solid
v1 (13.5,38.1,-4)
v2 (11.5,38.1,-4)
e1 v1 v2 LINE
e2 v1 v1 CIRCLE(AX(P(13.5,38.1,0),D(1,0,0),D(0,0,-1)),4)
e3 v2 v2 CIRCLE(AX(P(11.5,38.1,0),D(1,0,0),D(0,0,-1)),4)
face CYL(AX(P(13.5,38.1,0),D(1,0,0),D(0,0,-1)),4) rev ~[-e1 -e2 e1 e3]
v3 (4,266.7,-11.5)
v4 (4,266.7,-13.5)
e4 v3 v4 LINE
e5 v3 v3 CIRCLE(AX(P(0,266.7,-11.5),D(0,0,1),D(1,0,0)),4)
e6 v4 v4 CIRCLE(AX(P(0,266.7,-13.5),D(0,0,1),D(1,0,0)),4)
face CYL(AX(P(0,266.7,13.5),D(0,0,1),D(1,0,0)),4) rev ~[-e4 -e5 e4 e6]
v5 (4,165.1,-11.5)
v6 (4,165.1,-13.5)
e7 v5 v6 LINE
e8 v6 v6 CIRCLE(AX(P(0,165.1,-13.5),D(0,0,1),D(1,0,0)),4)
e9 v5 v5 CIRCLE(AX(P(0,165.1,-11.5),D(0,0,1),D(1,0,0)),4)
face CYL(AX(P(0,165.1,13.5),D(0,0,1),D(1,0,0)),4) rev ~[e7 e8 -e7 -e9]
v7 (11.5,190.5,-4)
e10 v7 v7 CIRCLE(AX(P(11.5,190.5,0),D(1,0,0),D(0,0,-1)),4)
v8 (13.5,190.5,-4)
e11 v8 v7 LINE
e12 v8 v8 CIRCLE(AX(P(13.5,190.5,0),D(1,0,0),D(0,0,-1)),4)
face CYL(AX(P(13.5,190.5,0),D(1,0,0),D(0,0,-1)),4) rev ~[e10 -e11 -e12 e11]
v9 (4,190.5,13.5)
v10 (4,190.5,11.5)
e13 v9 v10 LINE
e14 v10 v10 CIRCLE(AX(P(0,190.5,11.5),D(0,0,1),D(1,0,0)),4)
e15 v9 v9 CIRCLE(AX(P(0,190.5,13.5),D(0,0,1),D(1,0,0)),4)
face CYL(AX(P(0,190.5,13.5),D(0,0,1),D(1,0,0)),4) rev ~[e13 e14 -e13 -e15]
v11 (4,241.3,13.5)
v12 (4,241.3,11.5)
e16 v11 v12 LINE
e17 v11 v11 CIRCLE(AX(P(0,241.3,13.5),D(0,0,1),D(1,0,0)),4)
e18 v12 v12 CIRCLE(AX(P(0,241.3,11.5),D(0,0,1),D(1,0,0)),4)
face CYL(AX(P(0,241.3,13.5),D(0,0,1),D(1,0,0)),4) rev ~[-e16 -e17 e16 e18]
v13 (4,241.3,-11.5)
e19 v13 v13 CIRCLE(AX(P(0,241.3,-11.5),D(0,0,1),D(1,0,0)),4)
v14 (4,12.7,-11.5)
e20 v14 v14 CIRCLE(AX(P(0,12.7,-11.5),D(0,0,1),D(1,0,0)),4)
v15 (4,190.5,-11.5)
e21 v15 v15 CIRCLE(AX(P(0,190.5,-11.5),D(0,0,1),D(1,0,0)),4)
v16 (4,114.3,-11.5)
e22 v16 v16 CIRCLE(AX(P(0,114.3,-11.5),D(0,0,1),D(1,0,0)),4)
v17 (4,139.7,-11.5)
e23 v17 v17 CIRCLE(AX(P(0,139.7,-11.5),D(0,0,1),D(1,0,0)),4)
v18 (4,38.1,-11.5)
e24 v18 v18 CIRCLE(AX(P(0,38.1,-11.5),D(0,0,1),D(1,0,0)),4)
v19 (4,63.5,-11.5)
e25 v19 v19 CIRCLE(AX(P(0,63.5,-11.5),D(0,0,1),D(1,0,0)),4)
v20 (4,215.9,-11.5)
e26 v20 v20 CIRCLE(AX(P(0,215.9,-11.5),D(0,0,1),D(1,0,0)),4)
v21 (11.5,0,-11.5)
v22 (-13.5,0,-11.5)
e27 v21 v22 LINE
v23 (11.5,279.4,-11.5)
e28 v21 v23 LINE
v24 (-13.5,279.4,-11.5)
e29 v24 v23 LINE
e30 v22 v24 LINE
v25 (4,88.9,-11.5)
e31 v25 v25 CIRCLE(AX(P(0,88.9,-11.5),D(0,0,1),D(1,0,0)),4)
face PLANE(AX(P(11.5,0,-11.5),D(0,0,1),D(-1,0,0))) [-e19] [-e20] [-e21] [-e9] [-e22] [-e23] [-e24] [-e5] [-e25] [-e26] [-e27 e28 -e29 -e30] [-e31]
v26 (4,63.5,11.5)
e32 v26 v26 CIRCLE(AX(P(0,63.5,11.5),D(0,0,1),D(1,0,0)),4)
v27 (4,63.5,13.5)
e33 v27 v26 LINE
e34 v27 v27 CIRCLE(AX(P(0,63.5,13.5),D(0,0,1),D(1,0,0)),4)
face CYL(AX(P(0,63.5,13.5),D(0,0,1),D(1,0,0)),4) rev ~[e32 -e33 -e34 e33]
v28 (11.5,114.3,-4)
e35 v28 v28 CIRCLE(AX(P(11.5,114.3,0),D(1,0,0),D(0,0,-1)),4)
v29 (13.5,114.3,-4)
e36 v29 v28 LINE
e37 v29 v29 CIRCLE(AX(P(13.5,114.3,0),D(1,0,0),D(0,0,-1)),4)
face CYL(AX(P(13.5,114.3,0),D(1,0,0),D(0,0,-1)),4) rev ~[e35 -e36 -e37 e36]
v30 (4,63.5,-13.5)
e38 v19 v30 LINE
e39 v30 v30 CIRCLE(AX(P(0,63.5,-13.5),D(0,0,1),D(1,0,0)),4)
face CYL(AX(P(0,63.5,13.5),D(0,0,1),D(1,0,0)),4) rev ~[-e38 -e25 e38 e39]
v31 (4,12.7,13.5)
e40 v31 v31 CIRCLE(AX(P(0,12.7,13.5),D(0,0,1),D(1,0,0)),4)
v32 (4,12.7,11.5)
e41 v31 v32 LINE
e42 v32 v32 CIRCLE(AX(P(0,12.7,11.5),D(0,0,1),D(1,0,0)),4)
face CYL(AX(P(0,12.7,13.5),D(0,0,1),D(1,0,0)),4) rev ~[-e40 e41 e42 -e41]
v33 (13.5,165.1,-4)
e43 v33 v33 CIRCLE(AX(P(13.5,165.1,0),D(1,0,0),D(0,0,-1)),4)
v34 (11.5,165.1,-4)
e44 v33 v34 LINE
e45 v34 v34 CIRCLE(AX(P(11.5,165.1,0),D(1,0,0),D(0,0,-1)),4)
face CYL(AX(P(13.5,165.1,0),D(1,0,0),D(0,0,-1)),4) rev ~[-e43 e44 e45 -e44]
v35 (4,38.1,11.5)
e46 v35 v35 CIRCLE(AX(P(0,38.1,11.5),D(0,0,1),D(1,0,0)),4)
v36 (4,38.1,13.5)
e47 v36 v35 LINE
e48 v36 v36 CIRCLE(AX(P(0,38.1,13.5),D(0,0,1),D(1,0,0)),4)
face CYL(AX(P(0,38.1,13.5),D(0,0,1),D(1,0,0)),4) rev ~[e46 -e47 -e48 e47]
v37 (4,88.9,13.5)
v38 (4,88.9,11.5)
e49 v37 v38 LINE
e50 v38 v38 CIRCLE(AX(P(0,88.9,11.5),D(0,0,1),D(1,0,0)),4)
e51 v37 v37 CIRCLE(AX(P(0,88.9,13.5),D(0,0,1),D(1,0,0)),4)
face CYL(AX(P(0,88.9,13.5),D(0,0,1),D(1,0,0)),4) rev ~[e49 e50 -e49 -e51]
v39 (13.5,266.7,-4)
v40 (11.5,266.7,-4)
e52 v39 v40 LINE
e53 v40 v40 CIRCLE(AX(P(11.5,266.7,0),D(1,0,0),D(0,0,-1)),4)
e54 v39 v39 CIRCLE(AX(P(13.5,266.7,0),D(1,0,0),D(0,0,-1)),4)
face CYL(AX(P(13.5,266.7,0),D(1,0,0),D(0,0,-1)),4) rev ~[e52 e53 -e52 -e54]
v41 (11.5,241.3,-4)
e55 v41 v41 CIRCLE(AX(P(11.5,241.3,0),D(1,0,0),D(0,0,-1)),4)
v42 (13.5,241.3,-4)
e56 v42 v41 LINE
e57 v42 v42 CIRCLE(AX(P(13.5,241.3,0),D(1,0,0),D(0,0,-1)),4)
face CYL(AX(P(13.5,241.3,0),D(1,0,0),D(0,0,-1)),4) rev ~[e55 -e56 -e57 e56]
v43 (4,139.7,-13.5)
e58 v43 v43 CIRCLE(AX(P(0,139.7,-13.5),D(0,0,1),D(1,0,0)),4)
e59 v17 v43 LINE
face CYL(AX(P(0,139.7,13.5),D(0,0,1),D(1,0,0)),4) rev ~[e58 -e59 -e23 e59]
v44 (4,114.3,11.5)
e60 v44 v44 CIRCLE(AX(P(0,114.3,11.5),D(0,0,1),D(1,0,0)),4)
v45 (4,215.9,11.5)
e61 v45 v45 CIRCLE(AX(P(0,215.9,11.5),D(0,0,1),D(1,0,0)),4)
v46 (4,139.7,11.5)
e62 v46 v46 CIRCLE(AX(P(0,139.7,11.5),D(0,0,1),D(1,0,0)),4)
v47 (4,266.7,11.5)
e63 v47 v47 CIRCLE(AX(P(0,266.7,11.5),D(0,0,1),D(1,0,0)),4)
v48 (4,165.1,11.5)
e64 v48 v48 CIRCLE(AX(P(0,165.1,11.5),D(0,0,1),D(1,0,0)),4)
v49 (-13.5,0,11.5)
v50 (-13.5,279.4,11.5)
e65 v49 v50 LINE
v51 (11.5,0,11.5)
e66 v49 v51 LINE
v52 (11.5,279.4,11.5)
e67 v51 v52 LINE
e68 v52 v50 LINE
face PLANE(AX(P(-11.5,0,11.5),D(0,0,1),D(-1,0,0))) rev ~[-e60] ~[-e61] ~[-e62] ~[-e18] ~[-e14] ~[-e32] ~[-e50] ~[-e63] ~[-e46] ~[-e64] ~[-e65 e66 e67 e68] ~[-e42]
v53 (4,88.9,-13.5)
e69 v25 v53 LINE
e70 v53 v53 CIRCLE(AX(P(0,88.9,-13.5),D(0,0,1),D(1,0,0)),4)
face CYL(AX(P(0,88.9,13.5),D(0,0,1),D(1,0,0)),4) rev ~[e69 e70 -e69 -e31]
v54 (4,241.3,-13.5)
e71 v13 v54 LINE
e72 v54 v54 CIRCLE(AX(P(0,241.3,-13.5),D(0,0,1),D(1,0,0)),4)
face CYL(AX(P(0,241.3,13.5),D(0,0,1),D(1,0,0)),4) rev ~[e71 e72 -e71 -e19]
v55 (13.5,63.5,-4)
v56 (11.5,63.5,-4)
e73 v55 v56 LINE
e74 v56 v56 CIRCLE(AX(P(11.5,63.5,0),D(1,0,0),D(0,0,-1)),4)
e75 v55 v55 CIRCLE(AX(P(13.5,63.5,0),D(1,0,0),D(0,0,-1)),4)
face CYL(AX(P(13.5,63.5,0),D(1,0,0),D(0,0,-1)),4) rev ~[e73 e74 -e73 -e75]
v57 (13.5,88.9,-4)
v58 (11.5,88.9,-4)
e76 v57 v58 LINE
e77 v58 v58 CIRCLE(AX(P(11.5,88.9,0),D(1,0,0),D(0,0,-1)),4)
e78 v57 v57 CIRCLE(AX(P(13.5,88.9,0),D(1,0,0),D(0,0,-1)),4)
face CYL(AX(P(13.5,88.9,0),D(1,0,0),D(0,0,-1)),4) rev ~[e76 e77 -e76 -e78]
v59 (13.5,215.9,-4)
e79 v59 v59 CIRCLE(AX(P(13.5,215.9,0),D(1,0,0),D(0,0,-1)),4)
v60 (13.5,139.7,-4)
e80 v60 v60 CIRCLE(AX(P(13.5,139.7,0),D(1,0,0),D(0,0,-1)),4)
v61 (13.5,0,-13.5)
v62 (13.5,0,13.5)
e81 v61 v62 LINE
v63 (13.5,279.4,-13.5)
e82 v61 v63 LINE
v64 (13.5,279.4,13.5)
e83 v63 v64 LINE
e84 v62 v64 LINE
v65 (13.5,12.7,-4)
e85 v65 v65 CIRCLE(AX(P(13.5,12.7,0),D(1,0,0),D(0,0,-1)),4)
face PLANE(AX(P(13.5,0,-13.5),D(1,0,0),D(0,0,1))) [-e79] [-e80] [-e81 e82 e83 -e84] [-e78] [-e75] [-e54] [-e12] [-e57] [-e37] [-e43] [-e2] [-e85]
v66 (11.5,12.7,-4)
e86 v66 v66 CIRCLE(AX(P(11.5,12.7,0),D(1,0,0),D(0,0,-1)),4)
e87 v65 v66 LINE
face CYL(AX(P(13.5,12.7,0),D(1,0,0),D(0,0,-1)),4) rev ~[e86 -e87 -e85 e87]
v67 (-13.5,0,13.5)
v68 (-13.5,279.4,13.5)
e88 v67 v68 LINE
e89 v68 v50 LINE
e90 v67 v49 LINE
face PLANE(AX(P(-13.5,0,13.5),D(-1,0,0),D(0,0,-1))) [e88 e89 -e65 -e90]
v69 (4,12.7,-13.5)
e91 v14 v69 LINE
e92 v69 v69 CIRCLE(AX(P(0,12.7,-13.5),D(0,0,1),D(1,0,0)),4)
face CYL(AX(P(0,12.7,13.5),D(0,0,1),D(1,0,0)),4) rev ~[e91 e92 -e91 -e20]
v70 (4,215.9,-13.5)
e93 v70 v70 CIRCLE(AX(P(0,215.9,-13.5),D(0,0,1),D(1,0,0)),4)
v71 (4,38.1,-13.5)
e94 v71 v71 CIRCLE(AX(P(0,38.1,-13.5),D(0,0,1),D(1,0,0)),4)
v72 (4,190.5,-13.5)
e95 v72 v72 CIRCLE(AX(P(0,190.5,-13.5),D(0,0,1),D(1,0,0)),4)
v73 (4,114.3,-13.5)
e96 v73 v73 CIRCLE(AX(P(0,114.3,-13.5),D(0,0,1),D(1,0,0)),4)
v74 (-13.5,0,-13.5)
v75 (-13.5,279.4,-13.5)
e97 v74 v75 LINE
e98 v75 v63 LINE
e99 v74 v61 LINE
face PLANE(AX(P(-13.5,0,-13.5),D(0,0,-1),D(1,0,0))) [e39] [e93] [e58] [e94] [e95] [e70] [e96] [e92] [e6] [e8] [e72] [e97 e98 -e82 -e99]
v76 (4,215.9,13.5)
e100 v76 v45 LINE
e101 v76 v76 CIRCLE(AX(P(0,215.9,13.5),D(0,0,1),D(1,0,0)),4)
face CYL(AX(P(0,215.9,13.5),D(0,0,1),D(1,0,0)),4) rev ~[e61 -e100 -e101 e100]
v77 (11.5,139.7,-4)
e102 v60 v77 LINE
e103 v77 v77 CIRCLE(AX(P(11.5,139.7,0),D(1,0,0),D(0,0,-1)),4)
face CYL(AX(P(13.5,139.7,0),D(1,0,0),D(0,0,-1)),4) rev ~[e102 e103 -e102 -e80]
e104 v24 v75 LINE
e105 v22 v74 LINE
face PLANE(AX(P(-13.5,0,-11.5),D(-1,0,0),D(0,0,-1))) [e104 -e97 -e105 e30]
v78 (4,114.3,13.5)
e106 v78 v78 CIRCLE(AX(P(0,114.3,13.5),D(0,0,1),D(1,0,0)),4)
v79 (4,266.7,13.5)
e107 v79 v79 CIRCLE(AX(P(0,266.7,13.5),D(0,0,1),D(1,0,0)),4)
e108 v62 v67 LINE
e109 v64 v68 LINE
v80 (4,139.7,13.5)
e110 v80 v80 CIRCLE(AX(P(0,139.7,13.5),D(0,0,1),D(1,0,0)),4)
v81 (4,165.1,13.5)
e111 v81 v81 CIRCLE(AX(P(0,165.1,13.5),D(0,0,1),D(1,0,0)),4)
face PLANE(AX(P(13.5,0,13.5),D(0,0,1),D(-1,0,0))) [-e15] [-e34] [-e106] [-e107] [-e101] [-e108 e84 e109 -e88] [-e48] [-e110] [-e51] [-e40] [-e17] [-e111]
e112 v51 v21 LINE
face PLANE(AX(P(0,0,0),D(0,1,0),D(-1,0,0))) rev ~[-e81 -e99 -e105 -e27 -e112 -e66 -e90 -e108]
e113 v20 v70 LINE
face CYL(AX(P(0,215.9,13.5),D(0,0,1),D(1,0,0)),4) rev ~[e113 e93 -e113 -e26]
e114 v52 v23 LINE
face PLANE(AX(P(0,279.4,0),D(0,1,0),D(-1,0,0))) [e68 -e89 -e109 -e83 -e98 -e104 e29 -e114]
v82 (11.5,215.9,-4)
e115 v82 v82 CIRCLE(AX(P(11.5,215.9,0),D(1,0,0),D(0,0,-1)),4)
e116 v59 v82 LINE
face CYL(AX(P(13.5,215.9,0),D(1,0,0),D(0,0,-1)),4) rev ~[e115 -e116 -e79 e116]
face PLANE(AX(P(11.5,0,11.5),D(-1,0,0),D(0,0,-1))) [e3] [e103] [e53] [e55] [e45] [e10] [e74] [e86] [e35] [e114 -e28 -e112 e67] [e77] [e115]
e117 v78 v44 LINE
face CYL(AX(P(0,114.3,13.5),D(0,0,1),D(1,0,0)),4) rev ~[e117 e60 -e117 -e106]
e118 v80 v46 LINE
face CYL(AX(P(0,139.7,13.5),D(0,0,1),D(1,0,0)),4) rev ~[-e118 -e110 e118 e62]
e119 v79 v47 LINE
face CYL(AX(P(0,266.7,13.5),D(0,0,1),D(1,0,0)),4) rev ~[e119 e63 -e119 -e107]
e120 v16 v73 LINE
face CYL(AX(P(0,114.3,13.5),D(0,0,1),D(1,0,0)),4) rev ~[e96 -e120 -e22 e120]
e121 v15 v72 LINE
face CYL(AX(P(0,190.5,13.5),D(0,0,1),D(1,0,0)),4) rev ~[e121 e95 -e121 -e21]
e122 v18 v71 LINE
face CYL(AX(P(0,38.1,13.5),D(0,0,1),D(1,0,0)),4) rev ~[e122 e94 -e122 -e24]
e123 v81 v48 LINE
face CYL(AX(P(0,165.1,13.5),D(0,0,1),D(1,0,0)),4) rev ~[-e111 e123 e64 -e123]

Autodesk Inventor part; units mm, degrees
ref_plane "YZ Plane" through (0, 0, 0) normal (1, 0, 0) x (0, 1, 0)
ref_plane "XZ Plane" through (0, 0, 0) normal (0, 1, 0) x (-1, 0, 0)
ref_plane "XY Plane" through (0, 0, 0) normal (0, 0, 1) x (1, 0, 0)
sketch "Sketch1" plane through (0, 0, 0) normal (0, 1, 0) x (-1, 0, 0)
  line L0 (-13.5, 13.5) -> (13.5, 13.5)
  line L1 (13.5, 13.5) -> (13.5, -13.5)
  line L2 (13.5, -13.5) -> (-13.5, -13.5)
  line L3 (-13.5, -13.5) -> (-13.5, 13.5)
  line L4 (-13.5, 13.5) -> (13.5, -13.5) construction
  line L5 (13.5, 13.5) -> (-13.5, -13.5) construction
  line L6 (11.5, -11.5) -> (11.5, 11.5)
  line L7 (11.5, 11.5) -> (-11.5, 11.5)
  line L8 (-11.5, 11.5) -> (-11.5, -11.5)
  line L9 (-11.5, -11.5) -> (11.5, -11.5)
  line L10 (11.5, 11.5) -> (13.5, 11.5)
  line L11 (11.5, -11.5) -> (13.5, -11.5)
  point P0 (0, 0)
  dimension "d0" = 27
  dimension "d1" = 27
  dimension "d2" = 2
extrude "Extrusion1" add sketch "Sketch1" along normal blind 279.4 contours L0 L1 L10 L7 L8 L9 L11 L2 L3
sketch "Sketch2" plane through (-13.5, 0, 13.5) normal (0, 0, 1) x (1, 0, 0)
  line L0 (13.5, 0) -> (13.5, 12.7) construction
  circle A0 centre (13.5, 12.7) radius 4
  dimension "d5" = 12.7
  dimension "d6" = 8
sketch "Sketch3" plane through (13.5, 0, 13.5) normal (1, 0, 0) x (0, 0, -1)
  line L0 (13.5, 0) -> (13.5, 12.7) construction
  circle A0 centre (13.5, 12.7) radius 4
  dimension "d7" = 12.7
  dimension "d8" = 8
extrude "Extrusion2" cut sketch "Sketch2" against normal blind 93.1875
extrude "Extrusion3" cut sketch "Sketch3" against normal blind 117.95
pattern_linear "Rectangular Pattern1" count 11 spacing 25.4 along (0, 1, 0) of "Extrusion2", "Extrusion3"
properties part number "C-Channel 11in" material "Aluminum 6061"
